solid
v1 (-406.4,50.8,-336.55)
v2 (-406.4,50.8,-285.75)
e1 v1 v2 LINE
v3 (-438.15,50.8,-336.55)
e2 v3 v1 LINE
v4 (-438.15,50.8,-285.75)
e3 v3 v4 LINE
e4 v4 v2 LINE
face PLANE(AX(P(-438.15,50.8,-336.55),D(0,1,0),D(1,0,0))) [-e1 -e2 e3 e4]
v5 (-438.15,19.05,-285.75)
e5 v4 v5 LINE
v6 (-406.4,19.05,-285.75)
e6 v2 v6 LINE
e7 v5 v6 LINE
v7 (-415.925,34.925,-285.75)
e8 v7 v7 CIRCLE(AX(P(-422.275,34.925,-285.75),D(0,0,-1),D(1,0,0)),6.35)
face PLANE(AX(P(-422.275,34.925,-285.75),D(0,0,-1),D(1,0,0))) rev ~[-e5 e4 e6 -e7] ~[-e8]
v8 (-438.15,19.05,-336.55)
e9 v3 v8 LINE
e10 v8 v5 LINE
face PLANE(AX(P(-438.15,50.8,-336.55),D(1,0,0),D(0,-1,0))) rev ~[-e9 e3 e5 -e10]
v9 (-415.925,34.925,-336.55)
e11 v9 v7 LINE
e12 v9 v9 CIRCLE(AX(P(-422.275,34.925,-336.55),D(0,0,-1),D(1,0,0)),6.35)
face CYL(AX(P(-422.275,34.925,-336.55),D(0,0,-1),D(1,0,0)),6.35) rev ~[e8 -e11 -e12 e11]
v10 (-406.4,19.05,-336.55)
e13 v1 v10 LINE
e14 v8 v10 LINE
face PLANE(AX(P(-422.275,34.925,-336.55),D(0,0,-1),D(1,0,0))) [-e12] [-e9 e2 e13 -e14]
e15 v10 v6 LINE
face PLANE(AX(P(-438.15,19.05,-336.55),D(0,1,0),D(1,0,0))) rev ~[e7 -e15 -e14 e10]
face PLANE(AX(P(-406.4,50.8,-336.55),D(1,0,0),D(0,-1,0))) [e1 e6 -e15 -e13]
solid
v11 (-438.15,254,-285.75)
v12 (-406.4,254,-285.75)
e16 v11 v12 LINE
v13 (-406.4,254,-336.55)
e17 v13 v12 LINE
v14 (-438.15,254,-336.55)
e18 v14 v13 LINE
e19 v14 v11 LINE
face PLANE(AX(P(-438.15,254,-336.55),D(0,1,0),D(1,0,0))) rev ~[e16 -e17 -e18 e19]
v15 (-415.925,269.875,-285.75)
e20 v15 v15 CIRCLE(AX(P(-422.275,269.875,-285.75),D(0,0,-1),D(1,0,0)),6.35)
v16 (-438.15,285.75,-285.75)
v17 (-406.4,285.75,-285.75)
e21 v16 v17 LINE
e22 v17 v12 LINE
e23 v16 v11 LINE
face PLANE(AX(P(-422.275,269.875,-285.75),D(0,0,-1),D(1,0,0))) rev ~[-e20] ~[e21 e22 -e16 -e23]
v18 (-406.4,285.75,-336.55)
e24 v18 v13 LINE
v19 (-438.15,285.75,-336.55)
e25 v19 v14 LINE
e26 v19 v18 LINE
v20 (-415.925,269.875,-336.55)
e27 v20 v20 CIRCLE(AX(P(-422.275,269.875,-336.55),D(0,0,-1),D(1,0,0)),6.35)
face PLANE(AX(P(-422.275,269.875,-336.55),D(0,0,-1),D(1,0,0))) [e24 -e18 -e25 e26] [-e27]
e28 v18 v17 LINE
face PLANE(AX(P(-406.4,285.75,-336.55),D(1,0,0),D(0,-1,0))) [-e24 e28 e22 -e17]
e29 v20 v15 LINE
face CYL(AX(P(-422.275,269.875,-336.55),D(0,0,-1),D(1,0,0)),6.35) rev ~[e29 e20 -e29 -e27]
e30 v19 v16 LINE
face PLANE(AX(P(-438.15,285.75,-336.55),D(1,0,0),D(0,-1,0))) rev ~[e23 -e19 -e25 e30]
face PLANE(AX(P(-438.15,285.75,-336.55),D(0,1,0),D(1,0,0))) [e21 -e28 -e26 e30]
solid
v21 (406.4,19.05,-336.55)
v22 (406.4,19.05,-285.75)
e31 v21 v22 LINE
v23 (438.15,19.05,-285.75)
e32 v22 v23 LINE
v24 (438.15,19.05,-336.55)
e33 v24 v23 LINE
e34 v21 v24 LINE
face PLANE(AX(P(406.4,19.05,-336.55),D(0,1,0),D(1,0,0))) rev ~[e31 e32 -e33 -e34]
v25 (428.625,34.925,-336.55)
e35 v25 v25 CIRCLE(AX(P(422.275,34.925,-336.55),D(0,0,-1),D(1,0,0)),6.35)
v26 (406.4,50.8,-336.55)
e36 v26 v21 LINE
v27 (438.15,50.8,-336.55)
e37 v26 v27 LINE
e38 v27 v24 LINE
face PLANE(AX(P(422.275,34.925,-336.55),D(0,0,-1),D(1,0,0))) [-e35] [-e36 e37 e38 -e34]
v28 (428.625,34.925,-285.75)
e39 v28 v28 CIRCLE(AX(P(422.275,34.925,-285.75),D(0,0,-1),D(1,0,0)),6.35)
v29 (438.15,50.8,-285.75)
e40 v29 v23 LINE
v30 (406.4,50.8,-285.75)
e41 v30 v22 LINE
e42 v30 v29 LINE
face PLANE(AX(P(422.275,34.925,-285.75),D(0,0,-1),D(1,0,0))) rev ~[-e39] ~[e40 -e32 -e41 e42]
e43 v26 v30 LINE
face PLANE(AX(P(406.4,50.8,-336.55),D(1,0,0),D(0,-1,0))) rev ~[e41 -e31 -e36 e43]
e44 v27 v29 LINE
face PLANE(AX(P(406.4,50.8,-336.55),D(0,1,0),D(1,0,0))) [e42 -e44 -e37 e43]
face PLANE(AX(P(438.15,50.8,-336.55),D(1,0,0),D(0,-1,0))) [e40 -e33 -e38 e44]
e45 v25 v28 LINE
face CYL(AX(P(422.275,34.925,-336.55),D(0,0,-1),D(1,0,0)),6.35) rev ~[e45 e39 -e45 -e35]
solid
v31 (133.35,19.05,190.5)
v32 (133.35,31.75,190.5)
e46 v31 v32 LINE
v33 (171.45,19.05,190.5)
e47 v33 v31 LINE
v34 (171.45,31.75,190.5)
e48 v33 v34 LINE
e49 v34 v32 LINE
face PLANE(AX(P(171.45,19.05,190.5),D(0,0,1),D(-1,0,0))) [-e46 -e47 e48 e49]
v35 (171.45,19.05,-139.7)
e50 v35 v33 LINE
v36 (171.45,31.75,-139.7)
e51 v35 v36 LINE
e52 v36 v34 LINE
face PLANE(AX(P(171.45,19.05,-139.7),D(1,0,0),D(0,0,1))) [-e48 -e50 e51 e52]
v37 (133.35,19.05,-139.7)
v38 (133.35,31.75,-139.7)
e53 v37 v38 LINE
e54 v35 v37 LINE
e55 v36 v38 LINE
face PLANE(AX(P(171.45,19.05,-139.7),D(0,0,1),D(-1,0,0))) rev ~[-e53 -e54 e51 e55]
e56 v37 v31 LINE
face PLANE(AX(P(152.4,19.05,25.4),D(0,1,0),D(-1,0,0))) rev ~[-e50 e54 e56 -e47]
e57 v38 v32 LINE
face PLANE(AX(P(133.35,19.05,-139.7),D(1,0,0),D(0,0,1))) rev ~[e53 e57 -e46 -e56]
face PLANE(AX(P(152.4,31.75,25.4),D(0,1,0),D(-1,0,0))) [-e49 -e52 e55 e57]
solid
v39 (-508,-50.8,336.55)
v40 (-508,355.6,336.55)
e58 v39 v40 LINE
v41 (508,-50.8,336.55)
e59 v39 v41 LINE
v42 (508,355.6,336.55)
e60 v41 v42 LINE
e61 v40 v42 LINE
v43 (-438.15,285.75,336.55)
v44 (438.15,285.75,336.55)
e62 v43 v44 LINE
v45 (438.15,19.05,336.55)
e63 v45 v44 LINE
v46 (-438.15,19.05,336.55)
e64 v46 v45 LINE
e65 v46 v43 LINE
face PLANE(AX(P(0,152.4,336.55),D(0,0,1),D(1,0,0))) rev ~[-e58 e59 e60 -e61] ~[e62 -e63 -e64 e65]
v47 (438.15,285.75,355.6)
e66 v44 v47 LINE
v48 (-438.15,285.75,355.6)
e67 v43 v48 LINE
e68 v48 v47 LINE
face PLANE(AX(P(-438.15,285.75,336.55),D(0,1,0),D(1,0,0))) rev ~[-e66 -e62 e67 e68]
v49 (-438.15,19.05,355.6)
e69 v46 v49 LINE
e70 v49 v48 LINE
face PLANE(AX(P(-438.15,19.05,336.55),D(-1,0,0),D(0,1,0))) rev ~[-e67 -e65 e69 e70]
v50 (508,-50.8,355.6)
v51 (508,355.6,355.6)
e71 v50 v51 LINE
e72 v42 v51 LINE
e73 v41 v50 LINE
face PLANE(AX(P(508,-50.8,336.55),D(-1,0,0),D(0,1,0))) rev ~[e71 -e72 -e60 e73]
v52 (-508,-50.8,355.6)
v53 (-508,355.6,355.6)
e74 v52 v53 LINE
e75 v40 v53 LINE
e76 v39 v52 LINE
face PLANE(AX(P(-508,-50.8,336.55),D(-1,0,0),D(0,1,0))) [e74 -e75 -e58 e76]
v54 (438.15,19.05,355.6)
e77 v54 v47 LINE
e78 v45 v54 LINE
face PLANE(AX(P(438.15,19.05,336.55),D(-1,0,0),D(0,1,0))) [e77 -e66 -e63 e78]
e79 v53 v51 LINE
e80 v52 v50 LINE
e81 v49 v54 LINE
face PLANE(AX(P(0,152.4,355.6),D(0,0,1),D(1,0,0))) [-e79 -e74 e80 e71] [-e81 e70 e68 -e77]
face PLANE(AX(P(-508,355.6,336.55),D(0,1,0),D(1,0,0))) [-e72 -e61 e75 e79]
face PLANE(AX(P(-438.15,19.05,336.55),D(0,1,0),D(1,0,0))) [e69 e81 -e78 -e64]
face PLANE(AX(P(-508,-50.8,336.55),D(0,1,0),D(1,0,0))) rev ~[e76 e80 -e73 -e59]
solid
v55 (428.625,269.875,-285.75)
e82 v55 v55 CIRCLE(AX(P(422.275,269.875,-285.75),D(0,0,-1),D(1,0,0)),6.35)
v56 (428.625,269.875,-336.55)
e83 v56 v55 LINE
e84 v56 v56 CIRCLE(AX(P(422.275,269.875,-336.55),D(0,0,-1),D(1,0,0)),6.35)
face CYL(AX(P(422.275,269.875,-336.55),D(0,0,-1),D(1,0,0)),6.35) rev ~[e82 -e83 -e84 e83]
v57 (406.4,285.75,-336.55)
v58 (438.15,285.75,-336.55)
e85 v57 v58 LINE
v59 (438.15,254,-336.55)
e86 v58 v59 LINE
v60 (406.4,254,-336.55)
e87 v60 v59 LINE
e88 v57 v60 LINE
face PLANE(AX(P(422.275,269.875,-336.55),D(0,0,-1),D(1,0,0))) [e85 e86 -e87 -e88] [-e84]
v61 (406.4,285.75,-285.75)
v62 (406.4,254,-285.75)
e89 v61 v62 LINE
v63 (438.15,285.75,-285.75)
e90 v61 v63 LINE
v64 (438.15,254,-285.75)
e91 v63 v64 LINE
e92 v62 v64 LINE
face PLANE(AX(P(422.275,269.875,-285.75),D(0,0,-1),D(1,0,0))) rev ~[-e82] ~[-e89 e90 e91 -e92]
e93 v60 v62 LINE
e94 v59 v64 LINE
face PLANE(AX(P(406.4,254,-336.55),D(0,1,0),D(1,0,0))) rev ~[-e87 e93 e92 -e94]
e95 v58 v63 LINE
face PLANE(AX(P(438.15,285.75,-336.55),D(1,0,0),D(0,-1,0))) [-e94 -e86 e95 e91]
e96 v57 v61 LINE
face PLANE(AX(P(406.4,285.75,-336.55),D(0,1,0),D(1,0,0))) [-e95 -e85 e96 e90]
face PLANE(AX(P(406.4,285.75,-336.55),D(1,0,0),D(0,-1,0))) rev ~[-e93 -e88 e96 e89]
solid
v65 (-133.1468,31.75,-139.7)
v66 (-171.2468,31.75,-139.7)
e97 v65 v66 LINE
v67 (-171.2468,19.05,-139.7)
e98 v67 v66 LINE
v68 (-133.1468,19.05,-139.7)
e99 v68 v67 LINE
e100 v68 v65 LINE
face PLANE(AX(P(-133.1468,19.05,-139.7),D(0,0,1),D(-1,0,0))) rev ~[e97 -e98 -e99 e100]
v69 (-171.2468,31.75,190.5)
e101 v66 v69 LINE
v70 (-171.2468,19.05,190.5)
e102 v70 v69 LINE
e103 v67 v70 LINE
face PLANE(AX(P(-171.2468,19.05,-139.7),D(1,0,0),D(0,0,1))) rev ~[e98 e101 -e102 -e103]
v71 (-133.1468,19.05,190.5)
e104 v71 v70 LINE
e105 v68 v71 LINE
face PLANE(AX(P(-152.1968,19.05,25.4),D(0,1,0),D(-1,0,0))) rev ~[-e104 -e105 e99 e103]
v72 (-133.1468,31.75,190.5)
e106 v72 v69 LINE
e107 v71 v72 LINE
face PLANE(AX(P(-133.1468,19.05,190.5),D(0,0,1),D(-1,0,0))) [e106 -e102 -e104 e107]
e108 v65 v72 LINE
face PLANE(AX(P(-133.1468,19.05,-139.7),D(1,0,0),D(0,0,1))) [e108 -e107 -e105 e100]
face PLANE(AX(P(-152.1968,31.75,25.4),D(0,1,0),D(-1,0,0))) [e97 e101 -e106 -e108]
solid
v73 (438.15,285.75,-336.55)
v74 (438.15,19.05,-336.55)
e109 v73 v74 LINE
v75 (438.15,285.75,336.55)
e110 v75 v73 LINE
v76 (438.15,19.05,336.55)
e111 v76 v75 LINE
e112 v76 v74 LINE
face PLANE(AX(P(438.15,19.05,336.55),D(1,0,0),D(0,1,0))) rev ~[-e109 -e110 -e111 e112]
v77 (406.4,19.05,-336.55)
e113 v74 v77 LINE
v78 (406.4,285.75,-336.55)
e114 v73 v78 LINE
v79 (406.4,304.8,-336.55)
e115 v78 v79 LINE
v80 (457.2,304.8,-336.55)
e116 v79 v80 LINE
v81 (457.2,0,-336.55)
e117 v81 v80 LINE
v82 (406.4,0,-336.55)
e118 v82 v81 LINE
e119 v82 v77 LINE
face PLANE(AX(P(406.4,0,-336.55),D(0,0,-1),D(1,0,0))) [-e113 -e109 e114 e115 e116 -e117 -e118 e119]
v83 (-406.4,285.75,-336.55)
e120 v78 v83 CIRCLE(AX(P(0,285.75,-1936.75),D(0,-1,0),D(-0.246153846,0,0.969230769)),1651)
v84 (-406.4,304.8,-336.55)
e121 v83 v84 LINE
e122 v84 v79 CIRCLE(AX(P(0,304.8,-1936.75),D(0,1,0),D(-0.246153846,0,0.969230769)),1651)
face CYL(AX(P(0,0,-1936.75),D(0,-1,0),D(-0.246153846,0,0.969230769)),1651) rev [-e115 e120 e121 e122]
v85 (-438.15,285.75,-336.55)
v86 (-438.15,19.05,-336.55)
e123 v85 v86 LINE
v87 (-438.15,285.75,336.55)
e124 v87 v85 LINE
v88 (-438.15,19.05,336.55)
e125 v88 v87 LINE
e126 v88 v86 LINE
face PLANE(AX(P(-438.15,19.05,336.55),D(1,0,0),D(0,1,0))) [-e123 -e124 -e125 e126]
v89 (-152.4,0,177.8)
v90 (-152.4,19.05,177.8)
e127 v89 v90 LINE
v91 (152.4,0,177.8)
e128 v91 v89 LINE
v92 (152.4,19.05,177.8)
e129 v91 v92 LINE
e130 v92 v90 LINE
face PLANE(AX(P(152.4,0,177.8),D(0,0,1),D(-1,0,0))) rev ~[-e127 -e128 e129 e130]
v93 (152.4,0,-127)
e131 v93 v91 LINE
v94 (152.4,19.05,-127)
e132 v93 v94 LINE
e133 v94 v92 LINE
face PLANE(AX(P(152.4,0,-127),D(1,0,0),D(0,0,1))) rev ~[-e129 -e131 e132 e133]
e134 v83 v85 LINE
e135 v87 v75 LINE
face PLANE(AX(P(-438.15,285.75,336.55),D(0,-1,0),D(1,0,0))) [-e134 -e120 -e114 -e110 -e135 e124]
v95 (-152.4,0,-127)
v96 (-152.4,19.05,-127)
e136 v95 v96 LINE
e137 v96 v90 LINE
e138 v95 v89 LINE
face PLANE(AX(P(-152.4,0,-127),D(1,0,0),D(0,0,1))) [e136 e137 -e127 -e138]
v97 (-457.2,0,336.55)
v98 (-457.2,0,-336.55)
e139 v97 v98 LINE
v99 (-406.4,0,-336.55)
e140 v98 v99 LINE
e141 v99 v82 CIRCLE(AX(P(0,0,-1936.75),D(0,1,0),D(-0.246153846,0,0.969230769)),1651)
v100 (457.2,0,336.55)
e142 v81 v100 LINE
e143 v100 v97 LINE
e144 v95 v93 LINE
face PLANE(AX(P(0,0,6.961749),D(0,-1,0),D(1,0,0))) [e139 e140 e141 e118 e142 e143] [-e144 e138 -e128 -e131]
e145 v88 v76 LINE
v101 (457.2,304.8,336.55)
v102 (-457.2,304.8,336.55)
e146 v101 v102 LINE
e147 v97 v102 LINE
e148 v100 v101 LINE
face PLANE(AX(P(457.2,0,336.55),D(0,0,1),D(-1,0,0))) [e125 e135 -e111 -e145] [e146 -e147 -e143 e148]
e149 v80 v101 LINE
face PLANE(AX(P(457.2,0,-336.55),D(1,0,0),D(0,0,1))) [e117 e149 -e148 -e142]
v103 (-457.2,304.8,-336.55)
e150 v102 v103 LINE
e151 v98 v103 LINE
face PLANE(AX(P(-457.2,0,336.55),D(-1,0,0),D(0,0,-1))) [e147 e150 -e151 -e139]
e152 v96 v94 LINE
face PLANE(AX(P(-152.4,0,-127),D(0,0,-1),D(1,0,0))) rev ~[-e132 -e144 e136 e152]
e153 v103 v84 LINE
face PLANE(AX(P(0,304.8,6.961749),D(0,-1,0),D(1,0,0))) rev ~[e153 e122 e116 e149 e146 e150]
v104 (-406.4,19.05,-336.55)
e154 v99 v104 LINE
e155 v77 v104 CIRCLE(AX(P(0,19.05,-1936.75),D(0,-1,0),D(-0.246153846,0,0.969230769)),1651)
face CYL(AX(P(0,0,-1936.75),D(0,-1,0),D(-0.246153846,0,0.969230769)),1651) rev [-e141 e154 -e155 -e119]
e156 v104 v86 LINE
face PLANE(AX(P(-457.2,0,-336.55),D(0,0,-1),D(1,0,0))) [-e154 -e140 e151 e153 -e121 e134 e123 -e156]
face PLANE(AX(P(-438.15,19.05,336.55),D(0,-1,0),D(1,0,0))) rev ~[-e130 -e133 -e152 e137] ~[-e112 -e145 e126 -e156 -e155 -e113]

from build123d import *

# Parameters (mm, degrees)
F1_DEPTH  = 304.8
F2_W      = 876.3
F2_H      = 266.7
F3_DEPTH  = 673.101
F4_W      = 152.4
F4_H      = 304.8
F5_DEPTH  = 25.4
F6_W      = 38.1
F6_H      = 330.2
F7_DEPTH  = 12.7
F8_W      = 1016
F8_H      = 406.4
F8_W_2    = 876.3
F8_H_2    = 266.7
F9_DEPTH  = 19.05
F10_W     = 31.75
F10_H     = 31.75
F10_R     = 6.35
F11_DEPTH = 50.8


with BuildPart() as f1:
    # F0 (on Front) → F1 (new body)
    with BuildSketch(Plane.XZ):
        with BuildLine():
            Line((-457.2, -336.55), (-406.4, -336.55))
            ThreePointArc((-406.4, -336.55), (0, -285.75), (406.4, -336.55))
            Line((406.4, -336.55), (457.2, -336.55))
            Line((457.2, -336.55), (457.2, 336.55))
            Line((457.2, 336.55), (-457.2, 336.55))
            Line((-457.2, 336.55), (-457.2, -336.55))
        make_face()
    extrude(amount=-F1_DEPTH)

    # F2 (on face) → F3 (cut, through all)
    with BuildSketch(Plane.XY.offset(336.55)):
        with Locations((0, 152.4)):
            Rectangle(F2_W, F2_H)
    extrude(amount=-F3_DEPTH, mode=Mode.SUBTRACT)

    # F4 (on face) → F5 (cut)
    with BuildSketch(Plane.XZ):
        with Locations((76.2, 25.4)):
            Rectangle(F4_W, F4_H)
        with Locations((-76.2, 25.4)):
            Rectangle(F4_W, F4_H)
    extrude(amount=-F5_DEPTH, mode=Mode.SUBTRACT)


with BuildPart() as f7:
    # F6 (on face) → F7 (new body)
    with BuildSketch(Plane(origin=(0, 19.05, 0), x_dir=(-1, 0, 0), z_dir=(0, 1, 0))):
        with Locations((152.1968, 25.4)):
            Rectangle(F6_W, F6_H)
        with Locations((-152.4, 25.4)):
            Rectangle(F6_W, F6_H)
    extrude(amount=F7_DEPTH)


with BuildPart() as f9:
    # F8 (on face) → F9 (new body)
    with BuildSketch(Plane.XY.offset(336.55)):
        with Locations((0, 152.4)):
            Rectangle(F8_W, F8_H)
        with Locations((0, 152.4)):
            Rectangle(F8_W_2, F8_H_2, mode=Mode.SUBTRACT)
    extrude(amount=F9_DEPTH)


with BuildPart() as f11:
    # F10 (on face) → F11 (new body)
    with BuildSketch(Plane(origin=(0, 0, -336.55), x_dir=(1, 0, 0), z_dir=(0, 0, -1))):
        with Locations((-422.275, -34.925)):
            Rectangle(F10_W, F10_H)
        with Locations((-422.275, -34.925)):
            Circle(F10_R, mode=Mode.SUBTRACT)
        with Locations((-422.275, -269.875)):
            Rectangle(F10_W, F10_H)
        with Locations((-422.275, -269.875)):
            Circle(F10_R, mode=Mode.SUBTRACT)
        with Locations((422.275, -34.925)):
            Rectangle(F10_W, F10_H)
        with Locations((422.275, -34.925)):
            Circle(F10_R, mode=Mode.SUBTRACT)
        with Locations((422.275, -269.875)):
            Rectangle(F10_W, F10_H)
        with Locations((422.275, -269.875)):
            Circle(F10_R, mode=Mode.SUBTRACT)
    extrude(amount=-F11_DEPTH)


solid = Compound([f1.part, f7.part, f9.part, f11.part])
